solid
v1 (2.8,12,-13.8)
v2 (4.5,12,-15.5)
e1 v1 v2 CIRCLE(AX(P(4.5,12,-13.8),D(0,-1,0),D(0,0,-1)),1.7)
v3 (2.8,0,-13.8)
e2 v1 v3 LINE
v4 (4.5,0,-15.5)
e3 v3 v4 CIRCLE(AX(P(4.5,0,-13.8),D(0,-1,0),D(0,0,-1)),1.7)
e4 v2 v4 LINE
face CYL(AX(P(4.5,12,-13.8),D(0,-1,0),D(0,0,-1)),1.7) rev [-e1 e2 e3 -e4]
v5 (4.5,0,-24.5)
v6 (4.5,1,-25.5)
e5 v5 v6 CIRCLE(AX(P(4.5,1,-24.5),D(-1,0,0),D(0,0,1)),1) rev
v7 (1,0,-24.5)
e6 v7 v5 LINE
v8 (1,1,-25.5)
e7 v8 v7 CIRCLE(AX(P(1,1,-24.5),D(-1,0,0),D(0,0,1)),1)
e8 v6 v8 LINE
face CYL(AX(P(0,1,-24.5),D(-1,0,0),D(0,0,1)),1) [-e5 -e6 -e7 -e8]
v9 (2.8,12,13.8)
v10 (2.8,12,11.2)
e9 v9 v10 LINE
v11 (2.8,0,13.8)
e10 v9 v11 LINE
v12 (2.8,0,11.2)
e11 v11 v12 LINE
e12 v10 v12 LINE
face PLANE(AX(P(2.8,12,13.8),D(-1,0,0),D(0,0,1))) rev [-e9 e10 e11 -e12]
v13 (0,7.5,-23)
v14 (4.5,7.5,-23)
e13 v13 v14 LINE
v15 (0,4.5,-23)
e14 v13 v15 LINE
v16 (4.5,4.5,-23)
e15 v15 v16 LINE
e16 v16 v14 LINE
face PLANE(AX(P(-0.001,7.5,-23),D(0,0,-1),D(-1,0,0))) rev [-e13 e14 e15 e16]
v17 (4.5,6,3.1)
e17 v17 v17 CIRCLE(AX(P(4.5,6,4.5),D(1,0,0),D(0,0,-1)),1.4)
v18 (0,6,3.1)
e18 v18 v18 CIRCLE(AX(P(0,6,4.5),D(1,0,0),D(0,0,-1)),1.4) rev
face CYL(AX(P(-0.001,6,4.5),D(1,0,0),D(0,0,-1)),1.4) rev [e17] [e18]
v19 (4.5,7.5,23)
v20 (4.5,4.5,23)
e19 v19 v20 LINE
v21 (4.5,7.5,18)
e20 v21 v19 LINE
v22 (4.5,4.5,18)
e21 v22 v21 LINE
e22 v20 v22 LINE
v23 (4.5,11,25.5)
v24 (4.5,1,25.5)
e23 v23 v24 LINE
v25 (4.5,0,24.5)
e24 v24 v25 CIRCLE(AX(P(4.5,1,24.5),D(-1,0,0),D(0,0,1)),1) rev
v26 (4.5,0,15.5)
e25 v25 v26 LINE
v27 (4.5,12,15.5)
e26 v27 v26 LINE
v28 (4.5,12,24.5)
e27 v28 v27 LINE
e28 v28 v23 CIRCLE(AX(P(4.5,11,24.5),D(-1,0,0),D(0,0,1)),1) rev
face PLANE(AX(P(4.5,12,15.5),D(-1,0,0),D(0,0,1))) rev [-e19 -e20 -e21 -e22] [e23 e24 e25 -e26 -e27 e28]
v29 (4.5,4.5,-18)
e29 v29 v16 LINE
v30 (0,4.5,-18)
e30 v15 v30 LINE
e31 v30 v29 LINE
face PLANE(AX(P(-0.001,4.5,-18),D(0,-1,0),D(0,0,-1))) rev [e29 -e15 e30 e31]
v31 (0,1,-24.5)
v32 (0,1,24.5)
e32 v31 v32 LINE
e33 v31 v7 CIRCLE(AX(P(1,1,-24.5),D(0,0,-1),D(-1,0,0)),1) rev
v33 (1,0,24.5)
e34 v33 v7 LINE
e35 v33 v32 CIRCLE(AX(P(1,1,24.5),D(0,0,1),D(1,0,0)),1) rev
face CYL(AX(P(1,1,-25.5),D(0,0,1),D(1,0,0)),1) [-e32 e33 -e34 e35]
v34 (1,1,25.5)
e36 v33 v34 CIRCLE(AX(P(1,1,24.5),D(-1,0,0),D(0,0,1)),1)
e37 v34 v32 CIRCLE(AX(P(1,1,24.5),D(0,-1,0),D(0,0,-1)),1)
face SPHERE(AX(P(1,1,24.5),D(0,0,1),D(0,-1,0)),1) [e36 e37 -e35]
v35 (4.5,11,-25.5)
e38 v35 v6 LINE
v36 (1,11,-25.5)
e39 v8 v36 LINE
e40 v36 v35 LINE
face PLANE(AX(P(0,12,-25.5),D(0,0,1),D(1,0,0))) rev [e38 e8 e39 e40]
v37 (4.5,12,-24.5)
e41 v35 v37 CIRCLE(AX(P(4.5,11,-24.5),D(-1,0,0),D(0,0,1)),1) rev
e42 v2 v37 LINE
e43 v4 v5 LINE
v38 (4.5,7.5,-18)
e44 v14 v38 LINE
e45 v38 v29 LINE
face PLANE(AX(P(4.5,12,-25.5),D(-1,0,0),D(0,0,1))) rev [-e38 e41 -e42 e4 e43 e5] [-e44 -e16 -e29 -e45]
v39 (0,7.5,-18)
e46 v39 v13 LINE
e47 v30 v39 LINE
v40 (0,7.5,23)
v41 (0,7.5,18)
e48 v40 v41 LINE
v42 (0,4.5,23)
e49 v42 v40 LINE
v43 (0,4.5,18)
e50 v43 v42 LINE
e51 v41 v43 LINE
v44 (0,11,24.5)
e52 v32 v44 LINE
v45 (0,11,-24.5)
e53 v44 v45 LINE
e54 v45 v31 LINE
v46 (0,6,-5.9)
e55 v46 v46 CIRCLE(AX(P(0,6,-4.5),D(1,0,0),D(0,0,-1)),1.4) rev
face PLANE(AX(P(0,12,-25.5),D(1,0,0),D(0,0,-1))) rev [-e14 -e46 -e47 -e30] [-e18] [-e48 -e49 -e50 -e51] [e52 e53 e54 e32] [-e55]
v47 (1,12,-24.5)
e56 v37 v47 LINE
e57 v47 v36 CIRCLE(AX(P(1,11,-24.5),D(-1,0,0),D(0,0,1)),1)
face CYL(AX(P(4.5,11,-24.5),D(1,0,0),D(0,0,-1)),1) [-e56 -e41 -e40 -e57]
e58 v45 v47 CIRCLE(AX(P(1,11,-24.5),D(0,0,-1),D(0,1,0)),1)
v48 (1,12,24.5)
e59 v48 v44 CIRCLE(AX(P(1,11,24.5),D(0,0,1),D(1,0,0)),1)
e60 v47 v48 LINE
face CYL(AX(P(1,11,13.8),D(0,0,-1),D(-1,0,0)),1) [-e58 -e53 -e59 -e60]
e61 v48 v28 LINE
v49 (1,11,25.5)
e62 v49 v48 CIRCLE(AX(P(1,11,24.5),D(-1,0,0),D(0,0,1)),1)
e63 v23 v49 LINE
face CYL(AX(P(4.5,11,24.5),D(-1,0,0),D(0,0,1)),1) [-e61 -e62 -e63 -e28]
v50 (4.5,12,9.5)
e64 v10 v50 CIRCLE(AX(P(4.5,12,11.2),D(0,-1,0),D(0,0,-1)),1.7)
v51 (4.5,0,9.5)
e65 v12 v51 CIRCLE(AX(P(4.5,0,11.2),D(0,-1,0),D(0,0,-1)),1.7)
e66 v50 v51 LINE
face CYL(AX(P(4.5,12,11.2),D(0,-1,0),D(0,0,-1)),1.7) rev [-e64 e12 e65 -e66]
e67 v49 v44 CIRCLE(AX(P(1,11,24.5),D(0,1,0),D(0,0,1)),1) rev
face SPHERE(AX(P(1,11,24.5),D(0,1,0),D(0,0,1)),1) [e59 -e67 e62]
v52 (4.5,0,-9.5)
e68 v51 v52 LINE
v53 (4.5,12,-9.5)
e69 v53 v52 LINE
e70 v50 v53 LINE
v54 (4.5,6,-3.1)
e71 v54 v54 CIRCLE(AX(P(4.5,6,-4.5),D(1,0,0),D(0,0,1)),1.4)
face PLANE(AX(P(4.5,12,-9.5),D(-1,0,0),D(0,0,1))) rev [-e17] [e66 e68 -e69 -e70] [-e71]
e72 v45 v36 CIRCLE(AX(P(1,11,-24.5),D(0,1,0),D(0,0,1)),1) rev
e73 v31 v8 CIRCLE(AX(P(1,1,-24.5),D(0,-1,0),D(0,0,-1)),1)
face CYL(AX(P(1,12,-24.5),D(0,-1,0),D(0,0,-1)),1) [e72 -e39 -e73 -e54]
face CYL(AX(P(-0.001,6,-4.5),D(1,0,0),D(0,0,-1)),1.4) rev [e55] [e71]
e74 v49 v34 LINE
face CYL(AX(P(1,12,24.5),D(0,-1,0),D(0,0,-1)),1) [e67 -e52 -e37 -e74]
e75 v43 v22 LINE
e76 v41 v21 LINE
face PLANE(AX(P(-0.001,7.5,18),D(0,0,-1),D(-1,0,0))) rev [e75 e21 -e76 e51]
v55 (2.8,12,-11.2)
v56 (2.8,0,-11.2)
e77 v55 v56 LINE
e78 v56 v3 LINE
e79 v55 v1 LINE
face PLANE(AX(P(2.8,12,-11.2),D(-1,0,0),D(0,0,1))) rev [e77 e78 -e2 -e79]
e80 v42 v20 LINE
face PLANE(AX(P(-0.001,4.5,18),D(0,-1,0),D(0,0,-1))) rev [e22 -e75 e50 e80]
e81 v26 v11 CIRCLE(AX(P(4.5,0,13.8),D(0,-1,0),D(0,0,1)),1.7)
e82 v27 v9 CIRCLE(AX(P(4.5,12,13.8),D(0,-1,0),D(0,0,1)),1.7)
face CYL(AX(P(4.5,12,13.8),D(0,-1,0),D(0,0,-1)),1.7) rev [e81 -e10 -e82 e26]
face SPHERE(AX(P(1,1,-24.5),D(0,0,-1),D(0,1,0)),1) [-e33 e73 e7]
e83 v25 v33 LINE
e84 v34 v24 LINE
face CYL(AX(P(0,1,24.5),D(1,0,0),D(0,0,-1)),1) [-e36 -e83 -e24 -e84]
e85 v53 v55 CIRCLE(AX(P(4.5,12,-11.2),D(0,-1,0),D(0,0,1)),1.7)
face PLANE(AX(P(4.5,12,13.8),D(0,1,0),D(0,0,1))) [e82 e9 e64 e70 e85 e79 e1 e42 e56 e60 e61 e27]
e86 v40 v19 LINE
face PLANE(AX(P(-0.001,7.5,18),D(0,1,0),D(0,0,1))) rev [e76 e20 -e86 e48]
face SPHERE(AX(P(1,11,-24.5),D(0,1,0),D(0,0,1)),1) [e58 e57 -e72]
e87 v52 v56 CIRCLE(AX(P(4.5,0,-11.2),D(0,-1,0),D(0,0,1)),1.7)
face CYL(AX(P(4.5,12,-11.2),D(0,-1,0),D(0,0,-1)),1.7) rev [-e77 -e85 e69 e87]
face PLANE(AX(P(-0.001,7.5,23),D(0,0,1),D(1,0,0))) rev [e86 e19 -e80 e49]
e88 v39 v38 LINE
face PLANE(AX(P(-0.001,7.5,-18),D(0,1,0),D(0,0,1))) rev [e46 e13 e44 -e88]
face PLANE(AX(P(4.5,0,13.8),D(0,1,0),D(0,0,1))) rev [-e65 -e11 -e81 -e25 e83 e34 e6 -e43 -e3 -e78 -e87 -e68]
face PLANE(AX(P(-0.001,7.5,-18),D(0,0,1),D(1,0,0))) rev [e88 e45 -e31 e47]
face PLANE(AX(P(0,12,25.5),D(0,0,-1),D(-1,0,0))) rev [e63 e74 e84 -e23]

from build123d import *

# Parameters (mm, degrees)
BASE_DEPTH                 = 12
SCREWS_ZIP_TIE_HOLES_REACH = 30.539
SKETCH2_R                  = 1.4
SKETCH2_W                  = 5
SKETCH2_H                  = 3
F_1MM_EDGE_FILLETS_R       = 1


with BuildPart() as part:
    # Sketch1 → Base (new body)
    with BuildSketch(Plane(origin=(0, 0, 0), x_dir=(1, 0, 0), z_dir=(0, 1, 0))):
        with BuildLine():
            Line((4.5, 25.5), (4.5, 15.5))
            ThreePointArc((4.5, 15.5), (3.297918472, 15.002081528), (2.8, 13.8))
            Line((2.8, 13.8), (2.8, 11.2))
            ThreePointArc((2.8, 11.2), (3.297918472, 9.997918472), (4.5, 9.5))
            Line((4.5, 9.5), (4.5, -9.5))
            ThreePointArc((4.5, -9.5), (3.297918472, -9.997918472), (2.8, -11.2))
            Line((2.8, -11.2), (2.8, -13.8))
            ThreePointArc((2.8, -13.8), (3.297918472, -15.002081528), (4.5, -15.5))
            Line((4.5, -15.5), (4.5, -25.5))
            Line((4.5, -25.5), (0, -25.5))
            Line((0, -25.5), (0, 25.5))
            Line((0, 25.5), (4.5, 25.5))
        make_face()
    extrude(amount=BASE_DEPTH)

    # Sketch2 → Screws _ Zip Tie Holes (cut, up to next)
    with BuildSketch(Plane(origin=(4.5, 0, 0), x_dir=(0, 0, -1), z_dir=(1, 0, 0)), mode=Mode.PRIVATE) as screws_zip_tie_holes_sk1:
        with Locations((-4.5, 6)):
            Circle(SKETCH2_R)
    screws_zip_tie_holes_tool1 = extrude(screws_zip_tie_holes_sk1.sketch, amount=-SCREWS_ZIP_TIE_HOLES_REACH, mode=Mode.PRIVATE) & part.part
    # Sketch2 → Screws _ Zip Tie Holes (cut, up to next)
    with BuildSketch(Plane(origin=(4.5, 0, 0), x_dir=(0, 0, -1), z_dir=(1, 0, 0)), mode=Mode.PRIVATE) as screws_zip_tie_holes_sk2:
        with Locations((4.5, 6)):
            Circle(SKETCH2_R)
    screws_zip_tie_holes_tool2 = extrude(screws_zip_tie_holes_sk2.sketch, amount=-SCREWS_ZIP_TIE_HOLES_REACH, mode=Mode.PRIVATE) & part.part
    # Sketch2 → Screws _ Zip Tie Holes (cut, up to next)
    with BuildSketch(Plane(origin=(4.5, 0, 0), x_dir=(0, 0, -1), z_dir=(1, 0, 0)), mode=Mode.PRIVATE) as screws_zip_tie_holes_sk3:
        with Locations((20.5, 6)):
            Rectangle(SKETCH2_W, SKETCH2_H)
    screws_zip_tie_holes_tool3 = extrude(screws_zip_tie_holes_sk3.sketch, amount=-SCREWS_ZIP_TIE_HOLES_REACH, mode=Mode.PRIVATE) & part.part
    # Sketch2 → Screws _ Zip Tie Holes (cut, up to next)
    with BuildSketch(Plane(origin=(4.5, 0, 0), x_dir=(0, 0, -1), z_dir=(1, 0, 0)), mode=Mode.PRIVATE) as screws_zip_tie_holes_sk4:
        with Locations((-20.5, 6)):
            Rectangle(SKETCH2_W, SKETCH2_H)
    screws_zip_tie_holes_tool4 = extrude(screws_zip_tie_holes_sk4.sketch, amount=-SCREWS_ZIP_TIE_HOLES_REACH, mode=Mode.PRIVATE) & part.part
    add(screws_zip_tie_holes_tool1.solids().sort_by_distance((4.5, 6, 4.5))[0], mode=Mode.SUBTRACT)
    add(screws_zip_tie_holes_tool2.solids().sort_by_distance((4.5, 6, -4.5))[0], mode=Mode.SUBTRACT)
    add(screws_zip_tie_holes_tool3.solids().sort_by_distance((4.5, 6, -20.5))[0], mode=Mode.SUBTRACT)
    add(screws_zip_tie_holes_tool4.solids().sort_by_distance((4.5, 6, 20.5))[0], mode=Mode.SUBTRACT)

    # 1mm Edge Fillets
    f_1mm_edge_fillets_edges = [part.edges().sort_by_distance(p)[0] for p in [
        (2.25, 0, -25.5),
        (2.25, 0, 25.5),
        (0, 0, 0),
        (0, 6, -25.5),
        (0, 6, 25.5),
        (2.25, 12, -25.5),
        (0, 12, 0),
        (2.25, 12, 25.5),
    ]]
    fillet(f_1mm_edge_fillets_edges, radius=F_1MM_EDGE_FILLETS_R)


solid = part.part
